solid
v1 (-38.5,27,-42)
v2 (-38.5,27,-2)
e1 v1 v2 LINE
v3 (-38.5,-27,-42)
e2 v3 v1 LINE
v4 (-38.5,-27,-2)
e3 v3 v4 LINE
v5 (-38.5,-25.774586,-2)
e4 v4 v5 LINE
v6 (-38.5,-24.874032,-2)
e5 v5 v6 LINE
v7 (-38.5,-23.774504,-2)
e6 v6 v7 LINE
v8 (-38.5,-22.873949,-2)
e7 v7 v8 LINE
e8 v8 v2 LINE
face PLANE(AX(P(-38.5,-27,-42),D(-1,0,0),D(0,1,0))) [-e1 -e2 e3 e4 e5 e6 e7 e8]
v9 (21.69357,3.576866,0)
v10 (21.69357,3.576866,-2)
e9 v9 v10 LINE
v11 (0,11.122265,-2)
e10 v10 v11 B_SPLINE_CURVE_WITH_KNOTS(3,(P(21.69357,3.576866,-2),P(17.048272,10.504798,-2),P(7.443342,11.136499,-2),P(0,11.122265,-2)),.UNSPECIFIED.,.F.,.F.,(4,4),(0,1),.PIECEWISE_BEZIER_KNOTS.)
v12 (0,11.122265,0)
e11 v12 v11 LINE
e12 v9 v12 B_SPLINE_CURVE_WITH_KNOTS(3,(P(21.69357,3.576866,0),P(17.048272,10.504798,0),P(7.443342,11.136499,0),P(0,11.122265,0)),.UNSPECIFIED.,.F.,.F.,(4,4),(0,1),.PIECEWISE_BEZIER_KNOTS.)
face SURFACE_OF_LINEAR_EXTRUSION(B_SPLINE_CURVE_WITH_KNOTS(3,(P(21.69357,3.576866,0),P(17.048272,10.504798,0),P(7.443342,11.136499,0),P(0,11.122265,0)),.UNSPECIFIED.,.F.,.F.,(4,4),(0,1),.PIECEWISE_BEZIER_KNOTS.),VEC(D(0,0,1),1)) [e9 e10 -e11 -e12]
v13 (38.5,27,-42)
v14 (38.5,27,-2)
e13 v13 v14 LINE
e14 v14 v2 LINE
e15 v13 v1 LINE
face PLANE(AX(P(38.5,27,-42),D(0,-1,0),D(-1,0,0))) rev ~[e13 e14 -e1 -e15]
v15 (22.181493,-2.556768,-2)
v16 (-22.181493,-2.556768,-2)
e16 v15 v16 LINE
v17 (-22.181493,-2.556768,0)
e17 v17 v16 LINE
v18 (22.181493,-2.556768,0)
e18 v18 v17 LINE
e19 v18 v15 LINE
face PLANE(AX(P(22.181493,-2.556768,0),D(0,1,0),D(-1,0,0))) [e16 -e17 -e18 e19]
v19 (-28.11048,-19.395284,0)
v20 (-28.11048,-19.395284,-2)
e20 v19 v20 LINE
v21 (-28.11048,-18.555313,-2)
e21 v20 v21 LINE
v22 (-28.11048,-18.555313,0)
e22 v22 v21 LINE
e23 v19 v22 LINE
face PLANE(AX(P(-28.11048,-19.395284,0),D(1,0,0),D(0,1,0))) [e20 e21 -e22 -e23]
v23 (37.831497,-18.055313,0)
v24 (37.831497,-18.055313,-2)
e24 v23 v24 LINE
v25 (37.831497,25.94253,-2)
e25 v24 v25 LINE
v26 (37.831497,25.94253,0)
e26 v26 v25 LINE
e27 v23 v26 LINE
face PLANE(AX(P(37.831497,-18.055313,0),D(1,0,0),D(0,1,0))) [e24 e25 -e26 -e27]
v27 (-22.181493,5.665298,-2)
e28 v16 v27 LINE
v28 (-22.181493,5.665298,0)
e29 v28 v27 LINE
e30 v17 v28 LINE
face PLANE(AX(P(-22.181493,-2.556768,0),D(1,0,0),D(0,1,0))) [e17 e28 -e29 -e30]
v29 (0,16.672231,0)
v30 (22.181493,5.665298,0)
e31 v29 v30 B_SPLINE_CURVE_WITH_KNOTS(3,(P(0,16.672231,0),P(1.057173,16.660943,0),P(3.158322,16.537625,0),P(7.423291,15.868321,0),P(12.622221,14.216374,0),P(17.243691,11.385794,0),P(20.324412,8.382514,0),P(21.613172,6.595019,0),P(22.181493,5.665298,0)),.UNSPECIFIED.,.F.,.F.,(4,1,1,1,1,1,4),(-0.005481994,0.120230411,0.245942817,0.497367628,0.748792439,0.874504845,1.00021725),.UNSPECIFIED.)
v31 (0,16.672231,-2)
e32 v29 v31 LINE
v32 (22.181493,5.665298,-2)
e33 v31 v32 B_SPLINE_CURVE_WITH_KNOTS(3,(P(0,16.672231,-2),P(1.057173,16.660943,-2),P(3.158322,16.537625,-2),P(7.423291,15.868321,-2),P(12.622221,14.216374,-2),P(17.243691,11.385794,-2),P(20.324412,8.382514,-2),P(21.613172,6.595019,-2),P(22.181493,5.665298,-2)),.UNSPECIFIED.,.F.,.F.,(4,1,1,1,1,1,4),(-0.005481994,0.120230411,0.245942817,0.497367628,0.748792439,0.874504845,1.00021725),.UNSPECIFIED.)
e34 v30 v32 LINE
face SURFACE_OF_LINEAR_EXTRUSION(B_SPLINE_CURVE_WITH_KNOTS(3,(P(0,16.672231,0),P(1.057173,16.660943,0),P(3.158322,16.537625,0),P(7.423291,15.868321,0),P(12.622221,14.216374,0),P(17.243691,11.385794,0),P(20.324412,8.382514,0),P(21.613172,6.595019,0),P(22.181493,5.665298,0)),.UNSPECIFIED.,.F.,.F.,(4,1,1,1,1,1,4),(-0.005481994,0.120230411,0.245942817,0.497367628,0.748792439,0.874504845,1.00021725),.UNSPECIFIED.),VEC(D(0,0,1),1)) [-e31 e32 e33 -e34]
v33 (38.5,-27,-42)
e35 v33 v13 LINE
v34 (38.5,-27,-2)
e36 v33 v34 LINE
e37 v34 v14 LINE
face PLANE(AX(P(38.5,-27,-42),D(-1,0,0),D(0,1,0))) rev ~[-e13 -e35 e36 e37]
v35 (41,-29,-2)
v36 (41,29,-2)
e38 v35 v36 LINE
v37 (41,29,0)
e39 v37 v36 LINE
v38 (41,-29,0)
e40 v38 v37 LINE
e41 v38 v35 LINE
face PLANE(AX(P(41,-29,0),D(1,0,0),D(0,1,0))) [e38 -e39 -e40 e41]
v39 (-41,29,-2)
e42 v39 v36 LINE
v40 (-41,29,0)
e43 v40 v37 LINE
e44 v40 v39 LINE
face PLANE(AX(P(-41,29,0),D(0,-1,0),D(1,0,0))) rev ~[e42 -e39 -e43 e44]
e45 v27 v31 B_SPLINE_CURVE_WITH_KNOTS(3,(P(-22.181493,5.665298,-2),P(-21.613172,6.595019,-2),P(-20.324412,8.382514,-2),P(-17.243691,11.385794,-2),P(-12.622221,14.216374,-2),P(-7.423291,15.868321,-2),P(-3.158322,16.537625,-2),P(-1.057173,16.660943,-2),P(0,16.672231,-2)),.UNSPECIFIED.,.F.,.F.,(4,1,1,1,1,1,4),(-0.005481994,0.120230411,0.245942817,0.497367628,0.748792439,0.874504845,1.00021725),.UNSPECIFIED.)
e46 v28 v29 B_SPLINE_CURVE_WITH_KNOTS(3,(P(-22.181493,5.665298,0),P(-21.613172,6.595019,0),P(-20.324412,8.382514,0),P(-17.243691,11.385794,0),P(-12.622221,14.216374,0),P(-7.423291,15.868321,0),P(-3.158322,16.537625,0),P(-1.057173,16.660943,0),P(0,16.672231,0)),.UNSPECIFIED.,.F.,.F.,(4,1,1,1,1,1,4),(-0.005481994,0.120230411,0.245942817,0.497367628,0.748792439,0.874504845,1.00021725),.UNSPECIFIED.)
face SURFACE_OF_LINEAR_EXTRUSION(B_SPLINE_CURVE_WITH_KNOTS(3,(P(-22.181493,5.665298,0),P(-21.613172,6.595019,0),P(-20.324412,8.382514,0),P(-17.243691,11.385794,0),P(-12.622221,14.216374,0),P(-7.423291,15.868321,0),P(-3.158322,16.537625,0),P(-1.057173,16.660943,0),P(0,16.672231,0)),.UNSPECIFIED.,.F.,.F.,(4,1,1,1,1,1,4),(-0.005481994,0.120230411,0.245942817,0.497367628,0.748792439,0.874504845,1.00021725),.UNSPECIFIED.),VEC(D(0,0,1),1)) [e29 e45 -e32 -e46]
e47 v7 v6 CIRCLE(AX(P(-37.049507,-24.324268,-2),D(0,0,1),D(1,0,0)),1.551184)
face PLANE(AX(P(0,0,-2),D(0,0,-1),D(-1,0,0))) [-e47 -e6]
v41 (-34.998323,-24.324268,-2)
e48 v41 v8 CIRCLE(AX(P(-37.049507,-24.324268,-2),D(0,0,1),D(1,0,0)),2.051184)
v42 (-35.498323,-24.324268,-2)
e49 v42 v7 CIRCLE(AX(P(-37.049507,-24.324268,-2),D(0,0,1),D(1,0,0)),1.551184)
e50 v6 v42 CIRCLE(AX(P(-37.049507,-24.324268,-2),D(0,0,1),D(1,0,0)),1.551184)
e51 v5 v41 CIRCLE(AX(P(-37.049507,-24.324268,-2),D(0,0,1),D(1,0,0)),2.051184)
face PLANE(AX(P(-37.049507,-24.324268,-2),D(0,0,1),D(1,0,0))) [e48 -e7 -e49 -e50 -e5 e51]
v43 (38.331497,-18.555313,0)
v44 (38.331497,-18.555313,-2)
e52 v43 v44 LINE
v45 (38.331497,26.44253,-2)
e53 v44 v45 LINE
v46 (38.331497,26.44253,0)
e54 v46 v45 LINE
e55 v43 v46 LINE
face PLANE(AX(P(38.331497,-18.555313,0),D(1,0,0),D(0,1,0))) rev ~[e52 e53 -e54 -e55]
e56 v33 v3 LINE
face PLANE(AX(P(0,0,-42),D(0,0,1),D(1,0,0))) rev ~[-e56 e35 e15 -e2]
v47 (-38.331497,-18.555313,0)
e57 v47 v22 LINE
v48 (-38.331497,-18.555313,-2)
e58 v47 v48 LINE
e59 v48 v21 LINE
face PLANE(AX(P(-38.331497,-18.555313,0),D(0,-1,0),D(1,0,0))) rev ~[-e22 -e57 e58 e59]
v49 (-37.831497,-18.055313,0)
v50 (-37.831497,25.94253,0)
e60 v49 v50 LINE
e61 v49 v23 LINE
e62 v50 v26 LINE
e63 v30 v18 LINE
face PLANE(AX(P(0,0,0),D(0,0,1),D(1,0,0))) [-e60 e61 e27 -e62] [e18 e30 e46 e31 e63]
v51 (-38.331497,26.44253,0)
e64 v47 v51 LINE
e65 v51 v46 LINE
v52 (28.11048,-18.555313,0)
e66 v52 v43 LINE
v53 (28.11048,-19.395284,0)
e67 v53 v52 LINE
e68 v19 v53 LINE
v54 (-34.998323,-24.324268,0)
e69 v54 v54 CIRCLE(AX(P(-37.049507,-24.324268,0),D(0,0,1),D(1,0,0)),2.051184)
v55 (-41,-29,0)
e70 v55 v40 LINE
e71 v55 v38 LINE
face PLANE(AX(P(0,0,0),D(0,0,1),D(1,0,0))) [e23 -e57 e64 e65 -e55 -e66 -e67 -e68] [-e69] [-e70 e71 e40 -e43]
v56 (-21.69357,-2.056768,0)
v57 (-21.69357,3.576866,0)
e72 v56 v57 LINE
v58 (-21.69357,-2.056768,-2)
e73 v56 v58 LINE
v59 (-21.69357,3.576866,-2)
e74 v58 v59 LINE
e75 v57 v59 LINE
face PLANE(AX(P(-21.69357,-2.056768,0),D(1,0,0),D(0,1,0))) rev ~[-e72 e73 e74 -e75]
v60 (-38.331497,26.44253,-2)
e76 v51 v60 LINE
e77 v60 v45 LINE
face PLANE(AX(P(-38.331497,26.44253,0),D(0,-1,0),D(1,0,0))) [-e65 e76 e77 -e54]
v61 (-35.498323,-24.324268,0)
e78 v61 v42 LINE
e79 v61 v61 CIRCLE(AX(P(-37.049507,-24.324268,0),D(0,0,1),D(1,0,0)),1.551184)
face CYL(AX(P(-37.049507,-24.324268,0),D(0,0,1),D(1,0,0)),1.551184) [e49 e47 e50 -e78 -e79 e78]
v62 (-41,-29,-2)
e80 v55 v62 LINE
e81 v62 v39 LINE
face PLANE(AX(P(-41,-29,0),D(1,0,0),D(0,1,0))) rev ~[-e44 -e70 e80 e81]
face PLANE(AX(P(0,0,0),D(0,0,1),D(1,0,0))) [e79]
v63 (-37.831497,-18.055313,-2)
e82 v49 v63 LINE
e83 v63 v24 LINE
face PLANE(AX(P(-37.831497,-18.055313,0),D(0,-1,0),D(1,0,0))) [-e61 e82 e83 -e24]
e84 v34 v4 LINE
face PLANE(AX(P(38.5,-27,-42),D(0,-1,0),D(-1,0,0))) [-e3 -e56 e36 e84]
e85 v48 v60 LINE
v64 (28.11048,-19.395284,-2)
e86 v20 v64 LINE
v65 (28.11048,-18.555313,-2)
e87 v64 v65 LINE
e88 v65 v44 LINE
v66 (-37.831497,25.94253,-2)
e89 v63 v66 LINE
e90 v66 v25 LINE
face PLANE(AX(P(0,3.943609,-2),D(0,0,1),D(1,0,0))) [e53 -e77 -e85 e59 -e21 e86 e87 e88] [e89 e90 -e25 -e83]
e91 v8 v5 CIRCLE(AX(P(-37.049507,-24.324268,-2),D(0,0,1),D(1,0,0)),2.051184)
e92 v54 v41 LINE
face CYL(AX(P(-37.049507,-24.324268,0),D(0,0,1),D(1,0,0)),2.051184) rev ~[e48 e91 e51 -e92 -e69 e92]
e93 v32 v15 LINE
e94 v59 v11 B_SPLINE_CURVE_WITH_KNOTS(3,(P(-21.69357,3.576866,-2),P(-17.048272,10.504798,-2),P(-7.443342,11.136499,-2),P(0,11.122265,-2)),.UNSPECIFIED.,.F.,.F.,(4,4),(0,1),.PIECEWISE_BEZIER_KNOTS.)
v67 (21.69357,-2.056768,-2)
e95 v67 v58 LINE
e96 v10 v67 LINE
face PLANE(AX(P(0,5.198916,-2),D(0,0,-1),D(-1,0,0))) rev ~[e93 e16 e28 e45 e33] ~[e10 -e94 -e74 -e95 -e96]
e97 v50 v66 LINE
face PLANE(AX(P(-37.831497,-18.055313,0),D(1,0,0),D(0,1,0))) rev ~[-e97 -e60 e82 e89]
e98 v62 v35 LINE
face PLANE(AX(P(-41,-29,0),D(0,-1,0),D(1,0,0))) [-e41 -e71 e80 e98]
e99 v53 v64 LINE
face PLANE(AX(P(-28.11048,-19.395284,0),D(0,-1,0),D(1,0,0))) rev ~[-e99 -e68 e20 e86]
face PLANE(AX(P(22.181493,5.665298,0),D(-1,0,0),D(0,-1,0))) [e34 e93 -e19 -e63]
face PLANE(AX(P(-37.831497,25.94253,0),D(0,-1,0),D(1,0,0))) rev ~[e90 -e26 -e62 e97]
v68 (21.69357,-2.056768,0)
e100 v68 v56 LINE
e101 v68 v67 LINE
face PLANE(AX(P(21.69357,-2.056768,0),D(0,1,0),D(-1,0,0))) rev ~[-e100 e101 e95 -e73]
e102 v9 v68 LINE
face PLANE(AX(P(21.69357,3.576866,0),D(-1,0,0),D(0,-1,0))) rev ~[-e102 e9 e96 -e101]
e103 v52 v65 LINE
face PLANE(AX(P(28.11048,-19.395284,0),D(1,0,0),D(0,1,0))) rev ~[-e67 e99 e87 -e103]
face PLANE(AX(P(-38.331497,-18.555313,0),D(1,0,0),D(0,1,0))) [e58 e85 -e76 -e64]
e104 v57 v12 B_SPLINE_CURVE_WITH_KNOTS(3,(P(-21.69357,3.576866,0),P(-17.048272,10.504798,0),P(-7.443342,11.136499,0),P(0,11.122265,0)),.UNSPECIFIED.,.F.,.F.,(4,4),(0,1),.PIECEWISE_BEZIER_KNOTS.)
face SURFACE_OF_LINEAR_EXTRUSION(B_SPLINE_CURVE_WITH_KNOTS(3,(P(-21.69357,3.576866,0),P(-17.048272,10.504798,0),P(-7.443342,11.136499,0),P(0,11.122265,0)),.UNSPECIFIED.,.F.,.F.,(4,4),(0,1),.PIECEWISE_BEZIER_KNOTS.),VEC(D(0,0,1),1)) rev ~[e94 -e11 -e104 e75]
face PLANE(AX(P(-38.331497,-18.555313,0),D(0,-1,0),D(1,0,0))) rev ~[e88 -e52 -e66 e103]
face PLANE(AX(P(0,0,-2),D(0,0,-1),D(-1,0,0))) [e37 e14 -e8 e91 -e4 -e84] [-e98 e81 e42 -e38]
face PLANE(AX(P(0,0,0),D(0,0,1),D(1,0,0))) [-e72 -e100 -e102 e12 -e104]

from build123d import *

# Parameters (mm, degrees)
SKETCH_1_W           = 82
SKETCH_1_H           = 58
EXTRUDE_1_DEPTH      = 42
SKETCH_2_OUTSIDE_W   = 105.774
SKETCH_2_OUTSIDE_H   = 81.774
SKETCH_2_OUTSIDE_W_2 = 77
SKETCH_2_OUTSIDE_H_2 = 54
CUT_EXTRUDE_1_DEPTH  = 40
SKETCH_3_R           = 2.051183763
SKETCH_3_R_2         = 1.551183763
SKETCH_3_W           = 76.662993142
SKETCH_3_H           = 44.9978438
SKETCH_3_W_2         = 75.662993142
SKETCH_3_H_2         = 43.9978438
CUT_EXTRUDE_2_DEPTH  = 2
SKETCH_5_W           = 56.22095986
SKETCH_5_H           = 0.839970392
CUT_EXTRUDE_3_DEPTH  = 2


with BuildPart() as part:
    # 草图1 → 凸台-拉伸1 (new body)
    with BuildSketch(Plane.XY):
        Rectangle(SKETCH_1_W, SKETCH_1_H)
    extrude(amount=-EXTRUDE_1_DEPTH)

    # 草图2 outside → 切除-拉伸1 (cut)
    with BuildSketch(Plane(origin=(0, 0, -42), x_dir=(-1, 0, 0), z_dir=(0, 0, -1))):
        Rectangle(SKETCH_2_OUTSIDE_W, SKETCH_2_OUTSIDE_H)
        Rectangle(SKETCH_2_OUTSIDE_W_2, SKETCH_2_OUTSIDE_H_2, mode=Mode.SUBTRACT)
    extrude(amount=-CUT_EXTRUDE_1_DEPTH, mode=Mode.SUBTRACT)

    # 草图3 → 切除-拉伸2 (cut)
    # profile 1 of 2: a face of its own
    with BuildSketch(Plane.XY):
        with Locations((-37.049506719, -24.324267733)):
            Circle(SKETCH_3_R)
        with Locations((-37.049506719, -24.324267733)):
            Circle(SKETCH_3_R_2, mode=Mode.SUBTRACT)
    # profile 2 of 2: a face of its own
    with BuildSketch(Plane.XY):
        with Locations((0, 3.943608501)):
            Rectangle(SKETCH_3_W, SKETCH_3_H)
        with Locations((0, 3.943608501)):
            Rectangle(SKETCH_3_W_2, SKETCH_3_H_2, mode=Mode.SUBTRACT)
    extrude(amount=-CUT_EXTRUDE_2_DEPTH, mode=Mode.SUBTRACT)

    # 草图5 → 切除-拉伸3 (cut)
    # profile 1 of 2: a face of its own
    with BuildSketch(Plane.XY):
        with Locations((0, -18.975298595)):
            Rectangle(SKETCH_5_W, SKETCH_5_H)
    # profile 2 of 2: a face of its own
    with BuildSketch(Plane.XY):
        with BuildLine():
            Line((22.181492686, -2.55676808), (-22.181492686, -2.55676808))
            Line((-22.181492686, -2.55676808), (-22.181492686, 5.66529789))
            add(Edge.make_bspline(
                [(-22.181492686, 5.66529789), (-21.613171528, 6.595019079), (-20.324411635, 8.382514153), (-17.243691235, 11.385794253), (-12.622221003, 14.216373785), (-7.423291418, 15.868320573), (-3.158321809, 16.537625375), (-1.057172799, 16.660943148), (0, 16.672230501)],
                knots=[-0.005481994, -0.005481994, -0.005481994, -0.005481994, 0.120230411, 0.245942817, 0.497367628, 0.748792439, 0.874504845, 1.00021725, 1.00021725, 1.00021725, 1.00021725], degree=3))
            add(Edge.make_bspline(
                [(0, 16.672230501), (1.057172799, 16.660943148), (3.158321809, 16.537625375), (7.423291418, 15.868320573), (12.622221003, 14.216373785), (17.243691235, 11.385794253), (20.324411635, 8.382514153), (21.613171528, 6.595019079), (22.181492686, 5.66529789)],
                knots=[-0.005481994, -0.005481994, -0.005481994, -0.005481994, 0.120230411, 0.245942817, 0.497367628, 0.748792439, 0.874504845, 1.00021725, 1.00021725, 1.00021725, 1.00021725], degree=3))
            Line((22.181492686, 5.66529789), (22.181492686, -2.55676808))
        make_face()
        with BuildLine():
            Line((21.693569538, -2.05676808), (-21.693569538, -2.05676808))
            Line((-21.693569538, -2.05676808), (-21.693569538, 3.576865713))
            add(Edge.make_bspline(
                [(-21.693569538, 3.576865713), (-17.048272024, 10.504797519), (-7.443342261, 11.136498571), (0, 11.122264619)],
                knots=[0, 0, 0, 0, 1, 1, 1, 1], degree=3))
            add(Edge.make_bspline(
                [(21.693569538, 3.576865713), (17.048272024, 10.504797519), (7.443342261, 11.136498571), (0, 11.122264619)],
                knots=[0, 0, 0, 0, 1, 1, 1, 1], degree=3))
            Line((21.693569538, 3.576865713), (21.693569538, -2.05676808))
        make_face(mode=Mode.SUBTRACT)
    extrude(amount=-CUT_EXTRUDE_3_DEPTH, mode=Mode.SUBTRACT)


solid = part.part
